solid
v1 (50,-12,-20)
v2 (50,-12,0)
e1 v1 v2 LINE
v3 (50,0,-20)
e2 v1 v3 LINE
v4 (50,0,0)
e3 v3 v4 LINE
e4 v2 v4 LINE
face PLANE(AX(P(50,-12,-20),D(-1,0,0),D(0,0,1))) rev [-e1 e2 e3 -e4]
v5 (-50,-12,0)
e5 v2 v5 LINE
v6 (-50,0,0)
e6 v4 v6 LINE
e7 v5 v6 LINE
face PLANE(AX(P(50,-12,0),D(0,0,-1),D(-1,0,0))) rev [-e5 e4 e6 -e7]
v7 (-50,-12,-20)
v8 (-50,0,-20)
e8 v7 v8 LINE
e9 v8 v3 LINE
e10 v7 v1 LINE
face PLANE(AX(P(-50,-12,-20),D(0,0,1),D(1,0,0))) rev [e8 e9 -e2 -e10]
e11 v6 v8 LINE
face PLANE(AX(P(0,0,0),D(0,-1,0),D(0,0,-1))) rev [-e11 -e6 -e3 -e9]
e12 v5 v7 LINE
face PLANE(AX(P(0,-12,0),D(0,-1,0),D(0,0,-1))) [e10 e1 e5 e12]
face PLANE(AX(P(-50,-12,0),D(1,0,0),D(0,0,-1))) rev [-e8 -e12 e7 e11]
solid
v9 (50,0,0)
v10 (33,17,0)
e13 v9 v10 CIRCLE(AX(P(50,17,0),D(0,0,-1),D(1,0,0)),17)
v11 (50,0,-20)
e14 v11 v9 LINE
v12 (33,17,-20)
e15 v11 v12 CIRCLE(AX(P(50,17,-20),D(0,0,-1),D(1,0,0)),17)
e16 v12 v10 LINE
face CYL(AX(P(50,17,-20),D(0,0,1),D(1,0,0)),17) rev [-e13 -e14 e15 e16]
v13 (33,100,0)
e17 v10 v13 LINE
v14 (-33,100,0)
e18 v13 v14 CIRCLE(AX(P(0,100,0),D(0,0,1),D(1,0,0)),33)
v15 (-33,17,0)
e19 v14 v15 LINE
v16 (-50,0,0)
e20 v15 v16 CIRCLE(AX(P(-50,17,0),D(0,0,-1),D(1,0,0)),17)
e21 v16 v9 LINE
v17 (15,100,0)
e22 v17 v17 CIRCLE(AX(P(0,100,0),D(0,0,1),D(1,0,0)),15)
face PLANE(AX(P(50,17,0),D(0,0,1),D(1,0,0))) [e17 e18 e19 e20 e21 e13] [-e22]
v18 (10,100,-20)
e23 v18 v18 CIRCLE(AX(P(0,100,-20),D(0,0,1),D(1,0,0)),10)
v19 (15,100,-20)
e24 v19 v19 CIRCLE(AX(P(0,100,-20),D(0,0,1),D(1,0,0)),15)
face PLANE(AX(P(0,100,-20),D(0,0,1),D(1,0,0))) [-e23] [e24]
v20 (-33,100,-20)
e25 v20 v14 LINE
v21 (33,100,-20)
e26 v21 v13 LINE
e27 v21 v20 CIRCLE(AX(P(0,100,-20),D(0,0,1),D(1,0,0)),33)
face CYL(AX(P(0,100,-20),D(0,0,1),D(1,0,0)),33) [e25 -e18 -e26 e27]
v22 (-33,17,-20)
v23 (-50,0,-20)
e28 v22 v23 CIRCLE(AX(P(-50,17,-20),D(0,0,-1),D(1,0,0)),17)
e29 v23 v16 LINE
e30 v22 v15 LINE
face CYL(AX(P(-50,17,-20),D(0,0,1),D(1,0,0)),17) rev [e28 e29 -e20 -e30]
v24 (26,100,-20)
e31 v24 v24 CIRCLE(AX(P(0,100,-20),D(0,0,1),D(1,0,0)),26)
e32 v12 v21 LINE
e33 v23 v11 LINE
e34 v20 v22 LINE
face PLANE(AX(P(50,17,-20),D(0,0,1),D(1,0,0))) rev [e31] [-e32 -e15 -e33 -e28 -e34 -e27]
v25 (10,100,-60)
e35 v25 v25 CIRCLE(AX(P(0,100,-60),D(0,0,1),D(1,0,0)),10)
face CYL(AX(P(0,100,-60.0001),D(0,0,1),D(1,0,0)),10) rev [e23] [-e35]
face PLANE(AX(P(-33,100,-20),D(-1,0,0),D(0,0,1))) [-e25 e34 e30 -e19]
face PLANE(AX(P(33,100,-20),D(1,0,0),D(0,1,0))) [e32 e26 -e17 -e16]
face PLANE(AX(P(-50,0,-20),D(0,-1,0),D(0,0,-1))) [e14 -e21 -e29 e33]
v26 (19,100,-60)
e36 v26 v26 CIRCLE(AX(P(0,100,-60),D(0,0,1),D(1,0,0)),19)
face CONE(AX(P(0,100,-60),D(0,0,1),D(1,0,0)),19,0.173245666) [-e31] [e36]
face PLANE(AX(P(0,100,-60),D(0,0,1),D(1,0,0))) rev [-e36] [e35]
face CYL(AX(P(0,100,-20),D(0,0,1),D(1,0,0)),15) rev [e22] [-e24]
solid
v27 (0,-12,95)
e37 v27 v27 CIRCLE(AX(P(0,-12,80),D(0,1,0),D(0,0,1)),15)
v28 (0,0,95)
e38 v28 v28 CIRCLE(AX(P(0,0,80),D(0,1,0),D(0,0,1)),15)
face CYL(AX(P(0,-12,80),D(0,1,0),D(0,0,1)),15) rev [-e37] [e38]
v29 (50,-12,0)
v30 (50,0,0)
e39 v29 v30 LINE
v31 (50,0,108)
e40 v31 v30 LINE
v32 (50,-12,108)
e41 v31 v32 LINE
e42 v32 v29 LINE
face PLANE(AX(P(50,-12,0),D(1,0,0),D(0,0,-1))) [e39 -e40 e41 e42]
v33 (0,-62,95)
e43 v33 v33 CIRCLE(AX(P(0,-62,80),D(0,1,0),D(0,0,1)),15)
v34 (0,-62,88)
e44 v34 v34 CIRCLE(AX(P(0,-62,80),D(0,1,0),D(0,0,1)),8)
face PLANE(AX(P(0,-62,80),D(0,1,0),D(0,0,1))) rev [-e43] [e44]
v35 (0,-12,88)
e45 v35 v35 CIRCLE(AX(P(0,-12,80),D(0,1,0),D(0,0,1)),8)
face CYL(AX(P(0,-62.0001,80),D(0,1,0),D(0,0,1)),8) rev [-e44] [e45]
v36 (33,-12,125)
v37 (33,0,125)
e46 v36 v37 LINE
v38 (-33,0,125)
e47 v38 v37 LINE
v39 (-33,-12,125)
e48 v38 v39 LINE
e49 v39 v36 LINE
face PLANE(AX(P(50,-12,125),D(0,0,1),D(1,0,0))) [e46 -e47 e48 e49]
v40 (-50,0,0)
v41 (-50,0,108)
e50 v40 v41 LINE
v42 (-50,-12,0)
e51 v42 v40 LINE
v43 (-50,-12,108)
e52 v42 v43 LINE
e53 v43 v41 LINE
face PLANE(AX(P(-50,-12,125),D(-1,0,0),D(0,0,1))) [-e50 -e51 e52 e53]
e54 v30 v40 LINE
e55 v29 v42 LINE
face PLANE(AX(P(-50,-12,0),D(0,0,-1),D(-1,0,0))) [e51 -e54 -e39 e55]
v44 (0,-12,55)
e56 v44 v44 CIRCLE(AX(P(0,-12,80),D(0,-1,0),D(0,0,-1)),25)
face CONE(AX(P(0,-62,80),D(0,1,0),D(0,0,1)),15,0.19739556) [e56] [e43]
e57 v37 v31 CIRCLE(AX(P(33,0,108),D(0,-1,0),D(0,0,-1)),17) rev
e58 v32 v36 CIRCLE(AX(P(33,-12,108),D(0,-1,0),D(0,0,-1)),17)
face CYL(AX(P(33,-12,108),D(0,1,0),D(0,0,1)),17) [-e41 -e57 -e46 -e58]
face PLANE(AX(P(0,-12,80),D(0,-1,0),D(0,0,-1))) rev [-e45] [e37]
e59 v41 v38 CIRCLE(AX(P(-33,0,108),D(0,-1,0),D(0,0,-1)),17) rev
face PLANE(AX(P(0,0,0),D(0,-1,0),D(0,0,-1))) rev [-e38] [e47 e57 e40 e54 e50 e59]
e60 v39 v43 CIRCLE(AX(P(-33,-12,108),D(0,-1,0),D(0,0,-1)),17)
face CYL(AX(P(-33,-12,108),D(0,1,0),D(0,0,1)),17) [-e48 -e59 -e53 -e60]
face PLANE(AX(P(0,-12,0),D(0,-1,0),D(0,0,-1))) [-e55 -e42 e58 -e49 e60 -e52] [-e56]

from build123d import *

# Parameters (mm, degrees)
CROQUIS1_R              = 15
SALIENTE_EXTRUIR1_DEPTH = 20
CROQUIS4_R              = 19
CROQUIS3_R              = 26
CROQUIS5_R              = 10
CORTAR_EXTRUIR1_DEPTH   = 148.610975229
CROQUIS6_W              = 100
CROQUIS6_H              = 125
CROQUIS6_R              = 15
SALIENTE_EXTRUIR2_DEPTH = 12
REDONDEO1_R             = 17
CROQUIS9_R              = 25
CROQUIS8_R              = 15
CROQUIS10_R             = 8
CORTAR_EXTRUIR2_DEPTH   = 198.863589374
CROQUIS11_W             = 100
CROQUIS11_H             = 20
SALIENTE_EXTRUIR3_DEPTH = 12


with BuildPart() as part:
    # Croquis1 → Saliente-Extruir1 (new body)
    with BuildSketch(Plane.XY):
        with BuildLine():
            Line((-50, 0), (50, 0))
            ThreePointArc((50, 0), (37.97918472, 4.97918472), (33, 17))
            Line((33, 17), (33, 100))
            ThreePointArc((33, 100), (0, 133), (-33, 100))
            Line((-33, 100), (-33, 17))
            ThreePointArc((-33, 17), (-37.97918472, 4.97918472), (-50, 0))
        make_face()
        with Locations((0, 100)):
            Circle(CROQUIS1_R, mode=Mode.SUBTRACT)
    extrude(amount=-SALIENTE_EXTRUIR1_DEPTH)

    # Croquis4 → Recubrir1 section 0
    with BuildSketch(Plane.XY.offset(-60)):
        with Locations((0, 100)):
            Circle(CROQUIS4_R)
    # Croquis3 → Recubrir1 section 1
    with BuildSketch(Plane.XY.offset(-20)):
        with Locations((0, 100)):
            Circle(CROQUIS3_R)
    loft()

    # Croquis5 → Cortar-Extruir1 (cut, through all)
    with BuildSketch(Plane.XY.offset(-20)):
        with Locations((0, 100)):
            Circle(CROQUIS5_R)
    extrude(amount=-CORTAR_EXTRUIR1_DEPTH, mode=Mode.SUBTRACT)


with BuildPart() as body_2:
    # Croquis6 → Saliente-Extruir2 (new body)
    with BuildSketch(Plane(origin=(0, 0, 0), x_dir=(1, 0, 0), z_dir=(0, 1, 0))):
        with Locations((0, -62.5)):
            Rectangle(CROQUIS6_W, CROQUIS6_H)
        with Locations(Location((0, -80, 0), (0, 0, 270))):
            Circle(CROQUIS6_R, mode=Mode.SUBTRACT)
    extrude(amount=-SALIENTE_EXTRUIR2_DEPTH)

    # Redondeo1
    redondeo1_edges = [body_2.edges().sort_by_distance(p)[0] for p in [
        (50, -6, 125),
        (-50, -6, 125),
    ]]
    fillet(redondeo1_edges, radius=REDONDEO1_R)

    # Croquis9 → Recubrir2 section 0
    with BuildSketch(Plane.XZ.offset(12)):
        with Locations((0, 80)):
            Circle(CROQUIS9_R)
    # Croquis8 → Recubrir2 section 1
    with BuildSketch(Plane(origin=(0, -62, 0), x_dir=(1, 0, 0), z_dir=(0, 1, 0))):
        with Locations((0, -80)):
            Circle(CROQUIS8_R)
    loft()

    # Croquis10 → Cortar-Extruir2 (cut, through all)
    with BuildSketch(Plane(origin=(0, -12, 0), x_dir=(1, 0, 0), z_dir=(0, 1, 0))):
        with Locations(Location((0, -80, 0), (0, 0, 270))):
            Circle(CROQUIS10_R)
    extrude(amount=-CORTAR_EXTRUIR2_DEPTH, mode=Mode.SUBTRACT)


with BuildPart() as body_3:
    # Croquis11 → Saliente-Extruir3 (new body)
    with BuildSketch(Plane.XZ):
        with Locations((0, -10)):
            Rectangle(CROQUIS11_W, CROQUIS11_H)
    extrude(amount=SALIENTE_EXTRUIR3_DEPTH)


solid = Compound([part.part, body_2.part, body_3.part])
